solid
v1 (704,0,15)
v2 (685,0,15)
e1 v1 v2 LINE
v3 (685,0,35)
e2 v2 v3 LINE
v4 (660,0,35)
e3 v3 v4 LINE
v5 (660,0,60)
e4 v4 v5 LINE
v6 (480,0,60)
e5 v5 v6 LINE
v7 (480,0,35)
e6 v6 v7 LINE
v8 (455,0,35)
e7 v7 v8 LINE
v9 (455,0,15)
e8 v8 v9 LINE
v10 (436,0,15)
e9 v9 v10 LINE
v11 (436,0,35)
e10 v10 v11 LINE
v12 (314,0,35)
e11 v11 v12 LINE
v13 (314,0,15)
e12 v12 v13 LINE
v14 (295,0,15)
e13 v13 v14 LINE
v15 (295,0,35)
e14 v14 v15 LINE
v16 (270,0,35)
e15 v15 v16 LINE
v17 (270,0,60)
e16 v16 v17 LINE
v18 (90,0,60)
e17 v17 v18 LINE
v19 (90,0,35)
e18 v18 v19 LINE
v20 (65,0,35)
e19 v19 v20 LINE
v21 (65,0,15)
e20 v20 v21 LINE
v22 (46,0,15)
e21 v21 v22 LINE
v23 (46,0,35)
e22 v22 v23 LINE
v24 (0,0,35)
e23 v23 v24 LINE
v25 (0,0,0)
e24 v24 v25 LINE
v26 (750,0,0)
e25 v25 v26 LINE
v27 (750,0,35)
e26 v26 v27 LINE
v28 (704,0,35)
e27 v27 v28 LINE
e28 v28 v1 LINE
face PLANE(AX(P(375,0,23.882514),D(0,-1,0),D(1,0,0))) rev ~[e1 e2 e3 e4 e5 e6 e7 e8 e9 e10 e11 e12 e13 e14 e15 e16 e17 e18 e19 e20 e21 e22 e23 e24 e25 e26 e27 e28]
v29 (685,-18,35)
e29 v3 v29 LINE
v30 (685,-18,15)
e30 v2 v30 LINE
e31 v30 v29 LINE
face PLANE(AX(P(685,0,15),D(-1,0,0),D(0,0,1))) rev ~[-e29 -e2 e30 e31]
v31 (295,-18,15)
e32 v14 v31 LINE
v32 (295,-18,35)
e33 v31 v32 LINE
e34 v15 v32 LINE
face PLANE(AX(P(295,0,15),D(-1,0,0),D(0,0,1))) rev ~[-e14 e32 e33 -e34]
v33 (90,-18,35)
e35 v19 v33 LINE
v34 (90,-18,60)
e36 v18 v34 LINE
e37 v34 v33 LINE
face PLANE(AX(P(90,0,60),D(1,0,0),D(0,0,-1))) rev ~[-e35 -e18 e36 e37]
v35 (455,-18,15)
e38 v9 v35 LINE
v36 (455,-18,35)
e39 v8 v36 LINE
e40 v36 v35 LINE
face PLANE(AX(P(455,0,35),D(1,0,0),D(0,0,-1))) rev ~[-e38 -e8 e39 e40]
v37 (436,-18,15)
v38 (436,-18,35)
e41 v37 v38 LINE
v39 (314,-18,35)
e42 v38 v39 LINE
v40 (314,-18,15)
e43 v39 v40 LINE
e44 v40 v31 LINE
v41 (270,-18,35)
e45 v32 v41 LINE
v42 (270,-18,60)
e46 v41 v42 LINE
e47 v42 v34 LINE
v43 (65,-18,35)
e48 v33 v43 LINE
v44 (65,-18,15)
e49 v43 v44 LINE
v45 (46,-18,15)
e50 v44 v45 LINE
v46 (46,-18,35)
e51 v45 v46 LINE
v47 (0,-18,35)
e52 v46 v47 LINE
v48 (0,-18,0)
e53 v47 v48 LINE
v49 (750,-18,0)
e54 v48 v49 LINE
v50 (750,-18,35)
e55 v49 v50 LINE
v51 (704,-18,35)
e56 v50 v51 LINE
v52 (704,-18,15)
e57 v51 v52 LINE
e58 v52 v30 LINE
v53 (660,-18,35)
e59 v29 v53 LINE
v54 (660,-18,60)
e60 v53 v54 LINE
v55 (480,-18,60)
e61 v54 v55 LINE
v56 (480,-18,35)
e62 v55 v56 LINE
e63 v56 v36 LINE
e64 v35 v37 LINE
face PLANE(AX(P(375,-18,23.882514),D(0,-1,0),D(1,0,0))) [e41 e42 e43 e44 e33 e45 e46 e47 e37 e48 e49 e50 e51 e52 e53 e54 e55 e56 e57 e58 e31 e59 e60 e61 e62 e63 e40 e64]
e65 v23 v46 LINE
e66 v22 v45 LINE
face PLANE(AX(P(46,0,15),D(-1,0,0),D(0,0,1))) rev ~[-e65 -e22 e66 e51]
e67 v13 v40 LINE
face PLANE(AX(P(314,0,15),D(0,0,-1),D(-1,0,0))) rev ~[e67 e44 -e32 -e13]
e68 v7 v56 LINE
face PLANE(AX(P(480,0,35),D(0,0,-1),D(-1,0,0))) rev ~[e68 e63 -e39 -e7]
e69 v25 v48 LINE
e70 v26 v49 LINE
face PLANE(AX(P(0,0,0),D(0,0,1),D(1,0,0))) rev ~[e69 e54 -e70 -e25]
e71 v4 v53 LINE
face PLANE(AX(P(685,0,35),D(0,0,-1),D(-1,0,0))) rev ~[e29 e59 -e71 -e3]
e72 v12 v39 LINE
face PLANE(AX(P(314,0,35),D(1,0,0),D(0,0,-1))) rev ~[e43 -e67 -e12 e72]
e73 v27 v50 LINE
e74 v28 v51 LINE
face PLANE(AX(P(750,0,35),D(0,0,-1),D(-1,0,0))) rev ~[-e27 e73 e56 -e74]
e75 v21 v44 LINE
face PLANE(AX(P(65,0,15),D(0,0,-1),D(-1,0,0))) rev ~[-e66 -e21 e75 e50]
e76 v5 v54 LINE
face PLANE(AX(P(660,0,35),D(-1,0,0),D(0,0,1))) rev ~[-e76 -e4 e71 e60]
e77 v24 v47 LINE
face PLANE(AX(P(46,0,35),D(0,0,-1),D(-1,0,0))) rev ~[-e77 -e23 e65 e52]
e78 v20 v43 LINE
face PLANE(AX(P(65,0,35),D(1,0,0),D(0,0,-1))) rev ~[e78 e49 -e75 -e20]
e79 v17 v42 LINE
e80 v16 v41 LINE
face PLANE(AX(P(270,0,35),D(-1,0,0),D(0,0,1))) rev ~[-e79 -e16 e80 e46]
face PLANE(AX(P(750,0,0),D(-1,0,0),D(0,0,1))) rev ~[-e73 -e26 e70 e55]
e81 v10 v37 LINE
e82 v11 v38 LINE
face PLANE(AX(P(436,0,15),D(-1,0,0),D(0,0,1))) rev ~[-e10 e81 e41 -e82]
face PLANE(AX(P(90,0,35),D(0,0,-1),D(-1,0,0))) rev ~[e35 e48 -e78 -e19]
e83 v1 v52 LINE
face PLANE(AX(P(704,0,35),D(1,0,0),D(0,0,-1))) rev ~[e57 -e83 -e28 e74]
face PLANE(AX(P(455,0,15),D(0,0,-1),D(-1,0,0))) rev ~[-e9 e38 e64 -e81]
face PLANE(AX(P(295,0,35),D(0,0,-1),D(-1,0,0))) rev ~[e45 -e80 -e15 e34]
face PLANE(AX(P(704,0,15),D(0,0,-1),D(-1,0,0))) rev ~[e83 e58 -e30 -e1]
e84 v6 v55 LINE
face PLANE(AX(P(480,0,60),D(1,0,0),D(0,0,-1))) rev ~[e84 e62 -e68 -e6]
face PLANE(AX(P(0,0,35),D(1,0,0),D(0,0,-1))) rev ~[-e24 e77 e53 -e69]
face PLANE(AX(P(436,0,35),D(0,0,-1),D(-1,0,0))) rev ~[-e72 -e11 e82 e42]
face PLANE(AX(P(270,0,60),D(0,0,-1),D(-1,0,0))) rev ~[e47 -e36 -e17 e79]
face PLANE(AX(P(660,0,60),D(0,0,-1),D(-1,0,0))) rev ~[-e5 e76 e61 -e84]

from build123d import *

# Parameters (mm, degrees)
F1_DEPTH = 18


with BuildPart() as f1:
    # F0 (on Front) → F1 (new body)
    with BuildSketch(Plane.XZ):
        Polygon((46, 35), (0, 35), (0, 0), (750, 0), (750, 35), (704, 35), (704, 15), (685, 15), (685, 35), (660, 35), (660, 60), (480, 60), (480, 35), (455, 35), (455, 15), (436, 15), (436, 35), (314, 35), (314, 15), (295, 15), (295, 35), (270, 35), (270, 60), (90, 60), (90, 35), (65, 35), (65, 15), (46, 15), align=None)
    extrude(amount=F1_DEPTH)


solid = f1.part
